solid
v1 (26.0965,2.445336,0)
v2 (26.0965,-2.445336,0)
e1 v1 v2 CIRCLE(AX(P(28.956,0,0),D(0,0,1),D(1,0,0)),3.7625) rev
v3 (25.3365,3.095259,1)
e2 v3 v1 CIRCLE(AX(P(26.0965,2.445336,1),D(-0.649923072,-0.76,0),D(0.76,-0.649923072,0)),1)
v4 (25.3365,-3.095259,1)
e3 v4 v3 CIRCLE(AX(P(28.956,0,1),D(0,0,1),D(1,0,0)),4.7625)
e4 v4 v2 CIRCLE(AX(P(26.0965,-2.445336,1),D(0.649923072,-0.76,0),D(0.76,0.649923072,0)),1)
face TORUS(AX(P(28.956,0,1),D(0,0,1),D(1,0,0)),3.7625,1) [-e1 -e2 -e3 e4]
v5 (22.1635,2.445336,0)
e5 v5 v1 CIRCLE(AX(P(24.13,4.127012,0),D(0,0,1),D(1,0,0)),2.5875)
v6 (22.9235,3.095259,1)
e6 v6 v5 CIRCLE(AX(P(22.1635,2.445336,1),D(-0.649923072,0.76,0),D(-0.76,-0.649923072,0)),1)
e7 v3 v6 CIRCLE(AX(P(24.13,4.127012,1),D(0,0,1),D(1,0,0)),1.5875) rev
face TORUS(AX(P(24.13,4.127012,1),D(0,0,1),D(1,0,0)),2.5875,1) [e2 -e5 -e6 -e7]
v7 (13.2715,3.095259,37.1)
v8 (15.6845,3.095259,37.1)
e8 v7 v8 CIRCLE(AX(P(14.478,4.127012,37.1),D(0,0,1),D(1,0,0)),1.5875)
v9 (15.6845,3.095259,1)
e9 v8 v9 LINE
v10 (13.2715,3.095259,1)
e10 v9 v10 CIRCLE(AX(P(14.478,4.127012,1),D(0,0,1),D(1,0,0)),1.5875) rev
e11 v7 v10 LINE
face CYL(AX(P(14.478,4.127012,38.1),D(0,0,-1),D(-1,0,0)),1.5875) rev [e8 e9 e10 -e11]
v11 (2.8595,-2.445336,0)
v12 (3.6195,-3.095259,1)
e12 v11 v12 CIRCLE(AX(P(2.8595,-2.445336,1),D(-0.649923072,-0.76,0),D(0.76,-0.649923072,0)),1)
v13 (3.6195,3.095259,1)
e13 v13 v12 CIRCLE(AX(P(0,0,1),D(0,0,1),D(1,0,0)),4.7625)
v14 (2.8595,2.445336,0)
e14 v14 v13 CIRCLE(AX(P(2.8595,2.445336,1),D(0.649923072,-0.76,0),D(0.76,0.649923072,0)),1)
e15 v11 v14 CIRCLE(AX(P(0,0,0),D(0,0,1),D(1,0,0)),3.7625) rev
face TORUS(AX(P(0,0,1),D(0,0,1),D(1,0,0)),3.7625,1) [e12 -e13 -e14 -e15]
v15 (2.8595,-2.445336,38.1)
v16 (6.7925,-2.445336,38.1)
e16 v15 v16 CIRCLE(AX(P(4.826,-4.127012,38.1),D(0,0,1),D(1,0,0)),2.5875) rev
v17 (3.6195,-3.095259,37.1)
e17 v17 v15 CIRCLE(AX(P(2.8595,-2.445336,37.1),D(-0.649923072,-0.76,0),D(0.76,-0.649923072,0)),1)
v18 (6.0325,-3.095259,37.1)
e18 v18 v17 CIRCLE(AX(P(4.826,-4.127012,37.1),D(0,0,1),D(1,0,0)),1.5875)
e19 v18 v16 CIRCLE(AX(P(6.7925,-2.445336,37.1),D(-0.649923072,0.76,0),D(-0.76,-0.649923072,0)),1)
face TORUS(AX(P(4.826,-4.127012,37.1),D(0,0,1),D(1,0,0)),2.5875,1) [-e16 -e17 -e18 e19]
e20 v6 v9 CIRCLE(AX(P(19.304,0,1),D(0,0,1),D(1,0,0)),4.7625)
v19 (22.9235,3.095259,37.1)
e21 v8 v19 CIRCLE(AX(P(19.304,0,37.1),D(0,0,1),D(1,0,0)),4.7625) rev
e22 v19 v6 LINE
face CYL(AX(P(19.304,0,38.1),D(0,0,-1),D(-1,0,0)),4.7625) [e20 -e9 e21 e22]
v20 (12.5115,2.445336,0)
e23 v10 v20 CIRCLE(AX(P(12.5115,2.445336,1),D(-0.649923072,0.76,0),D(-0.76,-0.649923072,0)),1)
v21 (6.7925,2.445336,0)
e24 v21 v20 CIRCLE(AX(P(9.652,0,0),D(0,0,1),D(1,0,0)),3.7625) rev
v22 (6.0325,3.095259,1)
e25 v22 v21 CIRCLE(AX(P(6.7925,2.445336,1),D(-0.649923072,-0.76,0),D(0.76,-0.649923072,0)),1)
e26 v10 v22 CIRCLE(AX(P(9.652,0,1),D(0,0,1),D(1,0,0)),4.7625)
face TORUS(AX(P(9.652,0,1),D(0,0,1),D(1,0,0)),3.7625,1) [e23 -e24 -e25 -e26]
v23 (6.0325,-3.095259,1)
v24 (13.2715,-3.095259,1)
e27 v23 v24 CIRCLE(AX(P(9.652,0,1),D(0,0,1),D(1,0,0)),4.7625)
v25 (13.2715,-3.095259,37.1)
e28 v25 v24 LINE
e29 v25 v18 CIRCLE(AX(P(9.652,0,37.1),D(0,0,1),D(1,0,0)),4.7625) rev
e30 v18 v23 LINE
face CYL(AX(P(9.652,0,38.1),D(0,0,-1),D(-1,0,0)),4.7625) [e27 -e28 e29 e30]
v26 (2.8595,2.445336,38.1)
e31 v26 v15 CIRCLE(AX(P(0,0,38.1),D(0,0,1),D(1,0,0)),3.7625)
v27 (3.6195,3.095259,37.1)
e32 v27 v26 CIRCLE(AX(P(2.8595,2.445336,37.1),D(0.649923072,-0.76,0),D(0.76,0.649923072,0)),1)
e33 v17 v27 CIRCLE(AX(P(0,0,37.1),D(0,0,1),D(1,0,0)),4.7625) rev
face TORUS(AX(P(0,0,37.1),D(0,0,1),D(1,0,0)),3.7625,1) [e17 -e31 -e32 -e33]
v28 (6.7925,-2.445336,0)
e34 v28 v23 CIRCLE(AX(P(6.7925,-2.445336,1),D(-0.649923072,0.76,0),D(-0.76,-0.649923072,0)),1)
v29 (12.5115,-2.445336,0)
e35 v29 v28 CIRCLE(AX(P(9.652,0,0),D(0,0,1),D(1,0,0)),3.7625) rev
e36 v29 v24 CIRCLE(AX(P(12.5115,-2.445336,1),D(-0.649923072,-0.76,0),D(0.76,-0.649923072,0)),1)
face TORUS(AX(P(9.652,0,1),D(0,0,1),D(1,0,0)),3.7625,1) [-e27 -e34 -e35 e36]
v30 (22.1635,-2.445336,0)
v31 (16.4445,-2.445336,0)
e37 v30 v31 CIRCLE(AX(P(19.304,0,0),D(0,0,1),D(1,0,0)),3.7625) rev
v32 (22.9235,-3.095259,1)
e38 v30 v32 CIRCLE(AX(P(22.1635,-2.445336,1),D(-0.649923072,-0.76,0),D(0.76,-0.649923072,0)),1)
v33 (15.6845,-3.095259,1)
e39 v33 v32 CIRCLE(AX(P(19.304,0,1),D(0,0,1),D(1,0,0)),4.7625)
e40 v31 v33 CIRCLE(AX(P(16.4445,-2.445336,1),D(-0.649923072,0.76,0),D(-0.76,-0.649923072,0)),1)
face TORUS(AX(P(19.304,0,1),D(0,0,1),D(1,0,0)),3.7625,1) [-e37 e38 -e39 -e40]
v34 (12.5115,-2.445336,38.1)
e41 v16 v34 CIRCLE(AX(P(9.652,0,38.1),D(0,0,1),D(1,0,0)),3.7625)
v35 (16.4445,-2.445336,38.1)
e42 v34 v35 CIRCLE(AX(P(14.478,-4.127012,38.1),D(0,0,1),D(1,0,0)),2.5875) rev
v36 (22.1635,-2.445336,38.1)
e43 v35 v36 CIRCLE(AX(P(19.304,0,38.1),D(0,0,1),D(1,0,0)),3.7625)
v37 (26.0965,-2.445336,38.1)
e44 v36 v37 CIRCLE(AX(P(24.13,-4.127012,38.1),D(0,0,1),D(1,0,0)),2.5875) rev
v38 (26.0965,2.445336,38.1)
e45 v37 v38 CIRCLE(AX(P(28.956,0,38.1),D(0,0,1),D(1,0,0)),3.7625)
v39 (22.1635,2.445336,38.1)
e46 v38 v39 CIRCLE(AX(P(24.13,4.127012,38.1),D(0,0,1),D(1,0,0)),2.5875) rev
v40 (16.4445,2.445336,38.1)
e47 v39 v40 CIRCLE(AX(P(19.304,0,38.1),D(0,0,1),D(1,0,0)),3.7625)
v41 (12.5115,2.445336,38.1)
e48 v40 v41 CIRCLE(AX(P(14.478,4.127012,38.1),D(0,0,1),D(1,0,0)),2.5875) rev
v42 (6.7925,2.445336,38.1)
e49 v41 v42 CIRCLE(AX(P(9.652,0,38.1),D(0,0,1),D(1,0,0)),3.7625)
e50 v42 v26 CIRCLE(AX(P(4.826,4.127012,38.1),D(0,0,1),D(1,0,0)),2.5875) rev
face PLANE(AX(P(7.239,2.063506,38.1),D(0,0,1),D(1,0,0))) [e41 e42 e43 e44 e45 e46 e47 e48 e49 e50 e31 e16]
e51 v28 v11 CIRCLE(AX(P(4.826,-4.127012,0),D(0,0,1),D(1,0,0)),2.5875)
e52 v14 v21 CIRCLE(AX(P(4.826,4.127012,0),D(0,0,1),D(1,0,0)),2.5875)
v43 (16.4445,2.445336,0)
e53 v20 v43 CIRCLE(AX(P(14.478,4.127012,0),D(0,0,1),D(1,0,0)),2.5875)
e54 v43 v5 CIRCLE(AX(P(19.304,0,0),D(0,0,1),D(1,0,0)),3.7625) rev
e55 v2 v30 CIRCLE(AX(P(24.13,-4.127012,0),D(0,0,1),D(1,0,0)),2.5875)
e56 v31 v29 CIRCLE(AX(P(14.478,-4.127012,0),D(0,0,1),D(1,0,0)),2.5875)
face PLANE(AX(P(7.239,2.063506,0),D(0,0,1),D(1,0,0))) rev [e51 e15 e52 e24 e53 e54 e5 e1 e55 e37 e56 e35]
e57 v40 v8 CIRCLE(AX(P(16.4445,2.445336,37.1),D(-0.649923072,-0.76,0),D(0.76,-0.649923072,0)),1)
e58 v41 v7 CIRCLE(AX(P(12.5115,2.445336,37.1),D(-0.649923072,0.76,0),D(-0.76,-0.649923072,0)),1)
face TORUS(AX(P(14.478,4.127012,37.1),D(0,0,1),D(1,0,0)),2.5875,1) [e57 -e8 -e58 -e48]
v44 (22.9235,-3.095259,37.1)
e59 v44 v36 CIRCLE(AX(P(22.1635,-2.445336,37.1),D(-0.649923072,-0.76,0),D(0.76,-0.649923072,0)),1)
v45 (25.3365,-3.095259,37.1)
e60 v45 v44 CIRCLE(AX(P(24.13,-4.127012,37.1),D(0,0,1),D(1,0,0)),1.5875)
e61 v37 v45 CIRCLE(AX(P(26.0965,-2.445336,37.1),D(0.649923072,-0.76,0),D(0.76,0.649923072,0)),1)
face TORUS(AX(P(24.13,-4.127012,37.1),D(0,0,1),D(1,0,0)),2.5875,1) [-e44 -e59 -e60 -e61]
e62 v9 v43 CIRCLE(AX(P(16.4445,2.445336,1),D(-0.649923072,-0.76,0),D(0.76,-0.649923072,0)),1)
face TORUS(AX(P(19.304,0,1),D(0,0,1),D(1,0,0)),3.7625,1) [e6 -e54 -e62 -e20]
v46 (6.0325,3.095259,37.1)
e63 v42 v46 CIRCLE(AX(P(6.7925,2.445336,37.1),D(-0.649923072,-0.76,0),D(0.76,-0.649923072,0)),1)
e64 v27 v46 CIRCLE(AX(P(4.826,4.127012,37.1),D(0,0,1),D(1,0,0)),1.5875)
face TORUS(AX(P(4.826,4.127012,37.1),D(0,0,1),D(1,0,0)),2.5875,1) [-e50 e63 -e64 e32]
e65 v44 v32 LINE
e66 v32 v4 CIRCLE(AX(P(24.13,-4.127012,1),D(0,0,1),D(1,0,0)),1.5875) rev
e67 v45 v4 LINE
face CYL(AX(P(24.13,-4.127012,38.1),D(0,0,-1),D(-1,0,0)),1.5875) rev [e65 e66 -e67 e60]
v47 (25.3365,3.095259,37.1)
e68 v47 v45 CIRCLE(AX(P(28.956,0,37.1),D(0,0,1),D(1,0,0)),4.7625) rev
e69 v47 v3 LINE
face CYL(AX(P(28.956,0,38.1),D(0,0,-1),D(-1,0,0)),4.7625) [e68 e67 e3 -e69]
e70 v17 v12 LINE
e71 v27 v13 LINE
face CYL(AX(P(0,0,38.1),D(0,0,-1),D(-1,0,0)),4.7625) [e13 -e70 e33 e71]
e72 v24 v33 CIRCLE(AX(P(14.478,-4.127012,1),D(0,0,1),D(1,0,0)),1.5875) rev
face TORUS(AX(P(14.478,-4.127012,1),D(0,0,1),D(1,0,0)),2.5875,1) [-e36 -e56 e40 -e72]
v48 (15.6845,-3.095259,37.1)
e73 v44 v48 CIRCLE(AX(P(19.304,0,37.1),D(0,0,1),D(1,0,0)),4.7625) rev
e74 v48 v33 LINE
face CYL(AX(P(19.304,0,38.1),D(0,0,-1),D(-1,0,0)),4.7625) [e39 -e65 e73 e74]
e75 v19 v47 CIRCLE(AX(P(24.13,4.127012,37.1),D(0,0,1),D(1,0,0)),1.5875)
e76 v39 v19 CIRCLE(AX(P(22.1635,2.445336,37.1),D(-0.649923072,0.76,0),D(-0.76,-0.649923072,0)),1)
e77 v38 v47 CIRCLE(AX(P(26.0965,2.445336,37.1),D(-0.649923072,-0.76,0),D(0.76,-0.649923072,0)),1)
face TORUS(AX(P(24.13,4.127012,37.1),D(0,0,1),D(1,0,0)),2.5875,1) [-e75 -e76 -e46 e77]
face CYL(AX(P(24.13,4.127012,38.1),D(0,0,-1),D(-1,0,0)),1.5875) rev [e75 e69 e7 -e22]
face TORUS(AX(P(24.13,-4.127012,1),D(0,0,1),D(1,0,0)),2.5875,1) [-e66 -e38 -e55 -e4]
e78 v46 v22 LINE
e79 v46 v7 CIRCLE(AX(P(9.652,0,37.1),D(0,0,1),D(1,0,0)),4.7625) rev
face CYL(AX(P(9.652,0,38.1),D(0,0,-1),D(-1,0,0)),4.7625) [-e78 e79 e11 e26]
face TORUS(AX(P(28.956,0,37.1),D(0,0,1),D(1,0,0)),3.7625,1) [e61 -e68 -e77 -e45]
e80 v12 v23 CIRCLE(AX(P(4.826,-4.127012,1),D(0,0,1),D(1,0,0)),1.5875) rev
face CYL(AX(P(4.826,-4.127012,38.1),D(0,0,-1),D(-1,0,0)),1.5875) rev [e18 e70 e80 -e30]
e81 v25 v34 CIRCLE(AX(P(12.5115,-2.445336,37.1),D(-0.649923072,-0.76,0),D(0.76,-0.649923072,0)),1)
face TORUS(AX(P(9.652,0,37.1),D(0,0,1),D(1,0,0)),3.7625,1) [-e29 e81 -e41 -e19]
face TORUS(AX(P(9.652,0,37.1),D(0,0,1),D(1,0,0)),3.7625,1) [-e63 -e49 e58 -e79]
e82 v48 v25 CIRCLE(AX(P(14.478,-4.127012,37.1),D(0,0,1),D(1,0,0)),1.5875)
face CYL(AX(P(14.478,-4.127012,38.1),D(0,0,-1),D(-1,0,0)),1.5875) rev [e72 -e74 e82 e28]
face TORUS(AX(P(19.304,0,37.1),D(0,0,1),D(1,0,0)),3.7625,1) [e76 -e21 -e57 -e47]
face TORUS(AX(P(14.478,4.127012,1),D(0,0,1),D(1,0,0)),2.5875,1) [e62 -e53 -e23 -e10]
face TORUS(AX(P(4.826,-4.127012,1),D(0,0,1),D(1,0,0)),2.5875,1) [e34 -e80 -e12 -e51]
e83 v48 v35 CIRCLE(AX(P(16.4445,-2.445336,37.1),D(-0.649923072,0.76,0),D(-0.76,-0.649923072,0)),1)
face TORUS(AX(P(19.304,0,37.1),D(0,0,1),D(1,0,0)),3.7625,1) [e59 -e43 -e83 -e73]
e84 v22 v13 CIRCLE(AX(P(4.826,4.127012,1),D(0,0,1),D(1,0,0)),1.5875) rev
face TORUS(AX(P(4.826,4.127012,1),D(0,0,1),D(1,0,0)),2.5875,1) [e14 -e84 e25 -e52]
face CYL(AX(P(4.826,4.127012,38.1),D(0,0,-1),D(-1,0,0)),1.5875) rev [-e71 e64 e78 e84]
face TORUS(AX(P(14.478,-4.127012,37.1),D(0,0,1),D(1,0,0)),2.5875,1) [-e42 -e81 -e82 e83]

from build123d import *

# Parameters (mm, degrees)
BOSS_EXTRUDE1_DEPTH = 38.1
FILLET2_R           = 1


with BuildPart() as part:
    # Sketch1 → Boss-Extrude1 (new body)
    with BuildSketch(Plane.XY):
        with BuildLine():
            ThreePointArc((3.6195, 3.095258632), (-4.7625, 0), (3.6195, -3.095258632))
            ThreePointArc((3.6195, -3.095258632), (4.826, -2.53951151), (6.0325, -3.095258632))
            ThreePointArc((6.0325, -3.095258632), (9.652, -4.7625), (13.2715, -3.095258632))
            ThreePointArc((13.2715, -3.095258632), (14.478, -2.53951151), (15.6845, -3.095258632))
            ThreePointArc((15.6845, -3.095258632), (19.304, -4.7625), (22.9235, -3.095258632))
            ThreePointArc((22.9235, -3.095258632), (24.13, -2.53951151), (25.3365, -3.095258632))
            ThreePointArc((25.3365, -3.095258632), (33.7185, 0), (25.3365, 3.095258632))
            ThreePointArc((25.3365, 3.095258632), (24.13, 2.53951151), (22.9235, 3.095258632))
            ThreePointArc((22.9235, 3.095258632), (19.304, 4.7625), (15.6845, 3.095258632))
            ThreePointArc((15.6845, 3.095258632), (14.478, 2.53951151), (13.2715, 3.095258632))
            ThreePointArc((13.2715, 3.095258632), (9.652, 4.7625), (6.0325, 3.095258632))
            ThreePointArc((6.0325, 3.095258632), (4.826, 2.53951151), (3.6195, 3.095258632))
        make_face()
    extrude(amount=BOSS_EXTRUDE1_DEPTH)

    # Fillet2
    fillet2_edges = [part.edges().sort_by_distance(p)[0] for p in [
        (-4.7625, 0, 38.1),
        (14.478, 2.53951151, 0),
        (19.304, 4.7625, 0),
        (24.13, 2.53951151, 0),
        (33.7185, 0, 0),
        (24.13, -2.53951151, 0),
        (19.304, -4.7625, 0),
        (4.826, -2.53951151, 38.1),
        (14.478, -2.53951151, 0),
        (9.652, -4.7625, 0),
        (4.826, -2.53951151, 0),
        (-4.7625, 0, 0),
        (4.826, 2.53951151, 0),
        (9.652, 4.7625, 0),
        (9.652, -4.7625, 38.1),
        (14.478, -2.53951151, 38.1),
        (19.304, -4.7625, 38.1),
        (24.13, -2.53951151, 38.1),
        (33.7185, 0, 38.1),
        (24.13, 2.53951151, 38.1),
        (19.304, 4.7625, 38.1),
        (14.478, 2.53951151, 38.1),
        (9.652, 4.7625, 38.1),
        (4.826, 2.53951151, 38.1),
    ]]
    fillet(fillet2_edges, radius=FILLET2_R)


solid = part.part
